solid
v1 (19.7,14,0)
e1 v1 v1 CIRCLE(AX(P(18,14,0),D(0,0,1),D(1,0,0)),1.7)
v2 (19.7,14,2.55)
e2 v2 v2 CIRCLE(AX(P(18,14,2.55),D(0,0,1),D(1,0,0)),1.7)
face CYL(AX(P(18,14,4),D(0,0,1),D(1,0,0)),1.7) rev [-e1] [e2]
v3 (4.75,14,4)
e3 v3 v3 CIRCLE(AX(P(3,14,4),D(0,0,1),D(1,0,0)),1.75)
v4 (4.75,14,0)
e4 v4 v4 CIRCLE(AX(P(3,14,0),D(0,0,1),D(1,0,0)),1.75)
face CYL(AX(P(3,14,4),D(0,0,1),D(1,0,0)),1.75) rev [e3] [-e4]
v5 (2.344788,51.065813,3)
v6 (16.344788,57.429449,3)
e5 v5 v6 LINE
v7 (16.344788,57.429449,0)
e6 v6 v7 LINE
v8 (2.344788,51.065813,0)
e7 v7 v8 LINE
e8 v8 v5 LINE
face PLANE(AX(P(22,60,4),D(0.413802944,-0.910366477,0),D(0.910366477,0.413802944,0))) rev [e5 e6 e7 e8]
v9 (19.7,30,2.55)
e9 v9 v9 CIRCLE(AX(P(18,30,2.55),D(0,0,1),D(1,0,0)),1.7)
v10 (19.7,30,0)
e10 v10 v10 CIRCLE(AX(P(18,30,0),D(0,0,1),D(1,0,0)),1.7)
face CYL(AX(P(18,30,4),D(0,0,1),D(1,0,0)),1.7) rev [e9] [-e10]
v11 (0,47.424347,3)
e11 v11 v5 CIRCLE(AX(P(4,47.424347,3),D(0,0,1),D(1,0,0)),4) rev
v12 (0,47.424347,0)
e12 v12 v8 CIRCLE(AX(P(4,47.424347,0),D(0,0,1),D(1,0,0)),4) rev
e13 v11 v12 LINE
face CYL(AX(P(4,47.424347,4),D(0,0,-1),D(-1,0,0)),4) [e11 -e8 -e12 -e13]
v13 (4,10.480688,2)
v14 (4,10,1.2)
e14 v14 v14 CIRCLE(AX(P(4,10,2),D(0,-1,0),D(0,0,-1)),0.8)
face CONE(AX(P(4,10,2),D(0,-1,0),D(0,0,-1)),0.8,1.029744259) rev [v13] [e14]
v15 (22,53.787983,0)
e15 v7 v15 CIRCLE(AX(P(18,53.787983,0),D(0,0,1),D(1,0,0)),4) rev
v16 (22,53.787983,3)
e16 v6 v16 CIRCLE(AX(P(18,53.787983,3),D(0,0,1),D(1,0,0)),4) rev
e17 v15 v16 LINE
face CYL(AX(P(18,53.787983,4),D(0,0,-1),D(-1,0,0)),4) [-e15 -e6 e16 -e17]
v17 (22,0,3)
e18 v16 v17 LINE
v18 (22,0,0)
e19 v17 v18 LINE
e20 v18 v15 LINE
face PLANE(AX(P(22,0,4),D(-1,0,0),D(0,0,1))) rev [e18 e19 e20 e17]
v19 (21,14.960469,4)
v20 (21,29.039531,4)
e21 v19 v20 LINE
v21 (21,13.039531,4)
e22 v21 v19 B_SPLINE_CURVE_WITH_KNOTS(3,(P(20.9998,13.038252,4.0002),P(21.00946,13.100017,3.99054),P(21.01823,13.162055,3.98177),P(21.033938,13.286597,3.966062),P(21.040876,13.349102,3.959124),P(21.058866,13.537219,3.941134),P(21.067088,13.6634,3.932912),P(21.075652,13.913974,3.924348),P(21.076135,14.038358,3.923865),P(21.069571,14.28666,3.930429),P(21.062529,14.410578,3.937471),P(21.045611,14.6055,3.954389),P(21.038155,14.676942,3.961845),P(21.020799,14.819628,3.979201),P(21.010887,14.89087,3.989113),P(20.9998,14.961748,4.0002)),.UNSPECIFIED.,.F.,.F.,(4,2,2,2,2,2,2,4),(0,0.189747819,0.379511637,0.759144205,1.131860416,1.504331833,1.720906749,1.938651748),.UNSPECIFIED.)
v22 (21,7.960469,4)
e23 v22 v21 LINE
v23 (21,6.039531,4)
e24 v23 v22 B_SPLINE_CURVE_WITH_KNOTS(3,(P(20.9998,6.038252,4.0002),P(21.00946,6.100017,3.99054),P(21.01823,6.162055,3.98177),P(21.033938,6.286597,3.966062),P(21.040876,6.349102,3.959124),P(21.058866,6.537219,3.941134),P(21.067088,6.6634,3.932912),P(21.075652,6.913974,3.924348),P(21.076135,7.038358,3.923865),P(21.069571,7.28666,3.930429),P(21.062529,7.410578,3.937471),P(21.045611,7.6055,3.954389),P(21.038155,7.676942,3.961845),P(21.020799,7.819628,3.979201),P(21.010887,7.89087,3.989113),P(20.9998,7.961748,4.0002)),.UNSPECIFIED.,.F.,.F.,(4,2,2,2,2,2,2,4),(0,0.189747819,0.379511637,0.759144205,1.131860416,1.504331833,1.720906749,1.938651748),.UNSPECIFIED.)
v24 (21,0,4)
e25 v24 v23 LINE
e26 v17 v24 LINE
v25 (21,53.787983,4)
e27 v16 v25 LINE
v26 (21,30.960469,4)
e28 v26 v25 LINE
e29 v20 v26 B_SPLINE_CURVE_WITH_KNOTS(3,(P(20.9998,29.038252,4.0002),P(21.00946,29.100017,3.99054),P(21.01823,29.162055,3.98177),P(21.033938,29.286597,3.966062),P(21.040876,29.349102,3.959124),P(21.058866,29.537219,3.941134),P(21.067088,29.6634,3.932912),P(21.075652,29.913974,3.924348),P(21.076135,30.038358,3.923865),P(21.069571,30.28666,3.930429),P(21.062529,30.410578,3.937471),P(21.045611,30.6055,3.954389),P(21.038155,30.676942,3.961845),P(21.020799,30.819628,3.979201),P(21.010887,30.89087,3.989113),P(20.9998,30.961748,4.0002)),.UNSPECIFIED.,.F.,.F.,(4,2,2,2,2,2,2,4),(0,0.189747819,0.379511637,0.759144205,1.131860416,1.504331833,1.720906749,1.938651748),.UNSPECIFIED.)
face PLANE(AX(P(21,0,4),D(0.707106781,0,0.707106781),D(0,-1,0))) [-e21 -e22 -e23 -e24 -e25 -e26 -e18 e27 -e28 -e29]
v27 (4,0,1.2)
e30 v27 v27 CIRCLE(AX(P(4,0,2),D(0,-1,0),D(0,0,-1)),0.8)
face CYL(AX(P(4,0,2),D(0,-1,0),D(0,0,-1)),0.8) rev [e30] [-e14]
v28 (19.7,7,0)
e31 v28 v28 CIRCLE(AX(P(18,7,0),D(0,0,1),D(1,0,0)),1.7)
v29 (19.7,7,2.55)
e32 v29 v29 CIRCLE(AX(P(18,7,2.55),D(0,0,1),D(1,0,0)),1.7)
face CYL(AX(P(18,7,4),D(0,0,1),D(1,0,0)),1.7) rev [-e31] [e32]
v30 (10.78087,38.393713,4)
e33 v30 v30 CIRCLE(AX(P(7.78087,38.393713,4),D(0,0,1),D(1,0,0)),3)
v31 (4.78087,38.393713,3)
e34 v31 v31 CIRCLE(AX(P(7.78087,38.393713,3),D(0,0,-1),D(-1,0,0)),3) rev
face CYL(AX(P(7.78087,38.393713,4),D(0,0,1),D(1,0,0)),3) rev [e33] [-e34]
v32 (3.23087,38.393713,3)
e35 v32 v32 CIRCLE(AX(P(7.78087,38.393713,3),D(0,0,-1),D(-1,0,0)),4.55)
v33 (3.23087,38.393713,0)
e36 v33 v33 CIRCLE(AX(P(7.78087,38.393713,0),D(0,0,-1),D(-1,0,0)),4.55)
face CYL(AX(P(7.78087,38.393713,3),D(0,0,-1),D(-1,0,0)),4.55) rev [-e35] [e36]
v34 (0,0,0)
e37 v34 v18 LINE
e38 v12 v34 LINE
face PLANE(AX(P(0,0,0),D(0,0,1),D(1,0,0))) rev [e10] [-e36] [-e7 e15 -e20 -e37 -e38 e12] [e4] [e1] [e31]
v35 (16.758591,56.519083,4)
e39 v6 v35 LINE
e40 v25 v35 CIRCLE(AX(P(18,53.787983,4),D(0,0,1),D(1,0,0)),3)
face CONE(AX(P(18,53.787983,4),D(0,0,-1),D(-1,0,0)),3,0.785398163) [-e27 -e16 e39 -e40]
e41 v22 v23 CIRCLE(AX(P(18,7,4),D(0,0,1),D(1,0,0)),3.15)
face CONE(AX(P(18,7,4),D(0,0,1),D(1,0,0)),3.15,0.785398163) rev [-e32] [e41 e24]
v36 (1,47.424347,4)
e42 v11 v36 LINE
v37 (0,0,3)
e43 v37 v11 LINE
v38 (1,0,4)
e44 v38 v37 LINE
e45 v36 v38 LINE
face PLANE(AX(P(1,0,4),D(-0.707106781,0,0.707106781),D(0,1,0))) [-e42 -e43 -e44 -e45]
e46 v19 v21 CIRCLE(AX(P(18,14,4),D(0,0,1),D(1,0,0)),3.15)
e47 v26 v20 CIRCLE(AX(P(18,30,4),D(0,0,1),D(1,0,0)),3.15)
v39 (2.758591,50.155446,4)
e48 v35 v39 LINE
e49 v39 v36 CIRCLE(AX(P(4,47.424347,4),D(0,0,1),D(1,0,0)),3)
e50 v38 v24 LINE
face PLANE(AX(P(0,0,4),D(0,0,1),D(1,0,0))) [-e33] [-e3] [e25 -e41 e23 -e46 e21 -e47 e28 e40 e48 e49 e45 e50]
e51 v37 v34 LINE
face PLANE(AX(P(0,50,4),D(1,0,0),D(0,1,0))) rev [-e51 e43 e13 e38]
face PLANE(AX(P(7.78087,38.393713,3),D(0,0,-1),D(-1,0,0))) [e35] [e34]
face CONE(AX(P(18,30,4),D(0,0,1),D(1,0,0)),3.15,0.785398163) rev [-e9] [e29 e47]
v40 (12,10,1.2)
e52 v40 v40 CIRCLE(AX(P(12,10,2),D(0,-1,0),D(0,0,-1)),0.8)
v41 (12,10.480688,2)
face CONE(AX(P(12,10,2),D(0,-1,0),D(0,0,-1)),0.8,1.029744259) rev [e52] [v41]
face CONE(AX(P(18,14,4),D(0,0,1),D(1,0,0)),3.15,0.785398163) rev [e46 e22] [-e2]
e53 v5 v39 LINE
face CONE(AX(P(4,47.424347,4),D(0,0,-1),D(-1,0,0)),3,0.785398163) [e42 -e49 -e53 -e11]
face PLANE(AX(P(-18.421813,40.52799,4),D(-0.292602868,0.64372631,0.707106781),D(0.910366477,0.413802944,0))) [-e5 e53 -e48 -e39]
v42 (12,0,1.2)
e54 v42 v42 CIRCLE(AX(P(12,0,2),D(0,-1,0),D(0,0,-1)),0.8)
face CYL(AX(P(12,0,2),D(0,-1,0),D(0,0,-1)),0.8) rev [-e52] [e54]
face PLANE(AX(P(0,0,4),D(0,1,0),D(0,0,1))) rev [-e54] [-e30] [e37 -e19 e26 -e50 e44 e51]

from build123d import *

# Parameters (mm, degrees)
RESSALTO_EXTRUS_O1_DEPTH                             = 4
FILETE1_R                                            = 4
CHANFRO1_SIZE                                        = 1
FURO_DE_DI_METRO_6_0_6_1_D                           = 6
ESCAREADO_PARA_PARAFUSO_COM_CABE_A_ESCAR_D           = 3.4
ESCAREADO_PARA_PARAFUSO_COM_CABE_A_ESCAR_CSINK_D     = 6.3
ESCAREADO_PARA_PARAFUSO_COM_CABE_A_ESCAR_CSINK_ANGLE = 90
BROCA_DE_ROSQUEAR_PARA_TARRAXA_DE_M21_D              = 1.6
BROCA_DE_ROSQUEAR_PARA_TARRAXA_DE_M21_DEPTH          = 10
BROCA_DE_ROSQUEAR_PARA_TARRAXA_DE_M21_TIP            = 0.480688495
ESCAREADO_PARA_PARAFUSO_COM_CABE_A_E_2_D             = 3.4
ESCAREADO_PARA_PARAFUSO_COM_CABE_A_E_2_DEPTH         = 4
ESCAREADO_PARA_PARAFUSO_COM_CABE_A_E_2_CSINK_D       = 6.3
ESCAREADO_PARA_PARAFUSO_COM_CABE_A_E_2_CSINK_ANGLE   = 90
ESCAREADO_PARA_PARAFUSO_COM_CABE_A_E_2_TIP           = 1.021463052
ESBO_O10_R                                           = 4.55
CORTE_EXTRUS_O1_DEPTH                                = 3
FURO_DE_DI_METRO_3_5_3_5_1_D                         = 3.5


with BuildPart() as part:
    # Esboço1 → Ressalto-extrusão1 (new body)
    with BuildSketch(Plane.XY):
        Polygon((0, 0), (22, 0), (22, 60), (0, 50), align=None)
    extrude(amount=RESSALTO_EXTRUS_O1_DEPTH)

    # Filete1
    filete1_edges = [part.edges().sort_by_distance(p)[0] for p in [
        (0, 50, 2),
        (22, 60, 2),
    ]]
    fillet(filete1_edges, radius=FILETE1_R)

    # Chanfro1
    chanfro1_edges = [part.edges().sort_by_distance(p)[0] for p in [
        (22, 26.893991641, 4),
        (0, 23.712173459, 4),
        (9.344788223, 54.24763101, 4),
        (20.165542991, 57.151080598, 4),
        (0.636902684, 49.58988991, 4),
    ]]
    chamfer(chanfro1_edges, length=CHANFRO1_SIZE)

    # Furo de diâmetro Ø6.0 (6)1 (through all)
    with Locations(Plane(origin=(7.780869527, 38.393713373, 4), x_dir=(1, 0, 0), z_dir=(0, 0, 1))):
        with Locations((0, 0)):
            Hole(FURO_DE_DI_METRO_6_0_6_1_D / 2)

    # Escareado para parafuso com cabe_a escar (through all)
    with Locations(Plane(origin=(18, 7, 4), x_dir=(1, 0, 0), z_dir=(0, 0, 1))):
        with Locations((0, 0), (0, 7)):
            CounterSinkHole(ESCAREADO_PARA_PARAFUSO_COM_CABE_A_ESCAR_D / 2, ESCAREADO_PARA_PARAFUSO_COM_CABE_A_ESCAR_CSINK_D / 2, counter_sink_angle=ESCAREADO_PARA_PARAFUSO_COM_CABE_A_ESCAR_CSINK_ANGLE)

    # Broca de rosquear para tarraxa de M21
    with Locations(Plane(origin=(4, 0, 2), x_dir=(0, 0, -1), z_dir=(0, -1, 0))):
        with Locations((0, 0), (0, 8)):
            Hole(BROCA_DE_ROSQUEAR_PARA_TARRAXA_DE_M21_D / 2, depth=BROCA_DE_ROSQUEAR_PARA_TARRAXA_DE_M21_DEPTH)
            with Locations((0, 0, -(BROCA_DE_ROSQUEAR_PARA_TARRAXA_DE_M21_DEPTH + BROCA_DE_ROSQUEAR_PARA_TARRAXA_DE_M21_TIP / 2))):  # 118° drill point
                Cone(0, BROCA_DE_ROSQUEAR_PARA_TARRAXA_DE_M21_D / 2, BROCA_DE_ROSQUEAR_PARA_TARRAXA_DE_M21_TIP, mode=Mode.SUBTRACT)

    # Escareado para parafuso com cabe_a e 2
    with Locations(Plane(origin=(18, 30, 4), x_dir=(1, 0, 0), z_dir=(0, 0, 1))):
        with Locations((0, 0)):
            CounterSinkHole(ESCAREADO_PARA_PARAFUSO_COM_CABE_A_E_2_D / 2, ESCAREADO_PARA_PARAFUSO_COM_CABE_A_E_2_CSINK_D / 2, depth=ESCAREADO_PARA_PARAFUSO_COM_CABE_A_E_2_DEPTH, counter_sink_angle=ESCAREADO_PARA_PARAFUSO_COM_CABE_A_E_2_CSINK_ANGLE)
            with Locations((0, 0, -(ESCAREADO_PARA_PARAFUSO_COM_CABE_A_E_2_DEPTH + ESCAREADO_PARA_PARAFUSO_COM_CABE_A_E_2_TIP / 2))):  # 118° drill point
                Cone(0, ESCAREADO_PARA_PARAFUSO_COM_CABE_A_E_2_D / 2, ESCAREADO_PARA_PARAFUSO_COM_CABE_A_E_2_TIP, mode=Mode.SUBTRACT)

    # Esboço10 → Corte-extrusão1 (cut)
    with BuildSketch(Plane(origin=(0, 0, 0), x_dir=(-1, 0, 0), z_dir=(0, 0, -1))):
        with Locations((-7.780869527, 38.393713373)):
            Circle(ESBO_O10_R)
    extrude(amount=-CORTE_EXTRUS_O1_DEPTH, mode=Mode.SUBTRACT)

    # Furo de diâmetro Ø3.5 (3.5)1 (through all)
    with Locations(Plane(origin=(3, 14, 4), x_dir=(1, 0, 0), z_dir=(0, 0, 1))):
        with Locations((0, 0)):
            Hole(FURO_DE_DI_METRO_3_5_3_5_1_D / 2)


solid = part.part
